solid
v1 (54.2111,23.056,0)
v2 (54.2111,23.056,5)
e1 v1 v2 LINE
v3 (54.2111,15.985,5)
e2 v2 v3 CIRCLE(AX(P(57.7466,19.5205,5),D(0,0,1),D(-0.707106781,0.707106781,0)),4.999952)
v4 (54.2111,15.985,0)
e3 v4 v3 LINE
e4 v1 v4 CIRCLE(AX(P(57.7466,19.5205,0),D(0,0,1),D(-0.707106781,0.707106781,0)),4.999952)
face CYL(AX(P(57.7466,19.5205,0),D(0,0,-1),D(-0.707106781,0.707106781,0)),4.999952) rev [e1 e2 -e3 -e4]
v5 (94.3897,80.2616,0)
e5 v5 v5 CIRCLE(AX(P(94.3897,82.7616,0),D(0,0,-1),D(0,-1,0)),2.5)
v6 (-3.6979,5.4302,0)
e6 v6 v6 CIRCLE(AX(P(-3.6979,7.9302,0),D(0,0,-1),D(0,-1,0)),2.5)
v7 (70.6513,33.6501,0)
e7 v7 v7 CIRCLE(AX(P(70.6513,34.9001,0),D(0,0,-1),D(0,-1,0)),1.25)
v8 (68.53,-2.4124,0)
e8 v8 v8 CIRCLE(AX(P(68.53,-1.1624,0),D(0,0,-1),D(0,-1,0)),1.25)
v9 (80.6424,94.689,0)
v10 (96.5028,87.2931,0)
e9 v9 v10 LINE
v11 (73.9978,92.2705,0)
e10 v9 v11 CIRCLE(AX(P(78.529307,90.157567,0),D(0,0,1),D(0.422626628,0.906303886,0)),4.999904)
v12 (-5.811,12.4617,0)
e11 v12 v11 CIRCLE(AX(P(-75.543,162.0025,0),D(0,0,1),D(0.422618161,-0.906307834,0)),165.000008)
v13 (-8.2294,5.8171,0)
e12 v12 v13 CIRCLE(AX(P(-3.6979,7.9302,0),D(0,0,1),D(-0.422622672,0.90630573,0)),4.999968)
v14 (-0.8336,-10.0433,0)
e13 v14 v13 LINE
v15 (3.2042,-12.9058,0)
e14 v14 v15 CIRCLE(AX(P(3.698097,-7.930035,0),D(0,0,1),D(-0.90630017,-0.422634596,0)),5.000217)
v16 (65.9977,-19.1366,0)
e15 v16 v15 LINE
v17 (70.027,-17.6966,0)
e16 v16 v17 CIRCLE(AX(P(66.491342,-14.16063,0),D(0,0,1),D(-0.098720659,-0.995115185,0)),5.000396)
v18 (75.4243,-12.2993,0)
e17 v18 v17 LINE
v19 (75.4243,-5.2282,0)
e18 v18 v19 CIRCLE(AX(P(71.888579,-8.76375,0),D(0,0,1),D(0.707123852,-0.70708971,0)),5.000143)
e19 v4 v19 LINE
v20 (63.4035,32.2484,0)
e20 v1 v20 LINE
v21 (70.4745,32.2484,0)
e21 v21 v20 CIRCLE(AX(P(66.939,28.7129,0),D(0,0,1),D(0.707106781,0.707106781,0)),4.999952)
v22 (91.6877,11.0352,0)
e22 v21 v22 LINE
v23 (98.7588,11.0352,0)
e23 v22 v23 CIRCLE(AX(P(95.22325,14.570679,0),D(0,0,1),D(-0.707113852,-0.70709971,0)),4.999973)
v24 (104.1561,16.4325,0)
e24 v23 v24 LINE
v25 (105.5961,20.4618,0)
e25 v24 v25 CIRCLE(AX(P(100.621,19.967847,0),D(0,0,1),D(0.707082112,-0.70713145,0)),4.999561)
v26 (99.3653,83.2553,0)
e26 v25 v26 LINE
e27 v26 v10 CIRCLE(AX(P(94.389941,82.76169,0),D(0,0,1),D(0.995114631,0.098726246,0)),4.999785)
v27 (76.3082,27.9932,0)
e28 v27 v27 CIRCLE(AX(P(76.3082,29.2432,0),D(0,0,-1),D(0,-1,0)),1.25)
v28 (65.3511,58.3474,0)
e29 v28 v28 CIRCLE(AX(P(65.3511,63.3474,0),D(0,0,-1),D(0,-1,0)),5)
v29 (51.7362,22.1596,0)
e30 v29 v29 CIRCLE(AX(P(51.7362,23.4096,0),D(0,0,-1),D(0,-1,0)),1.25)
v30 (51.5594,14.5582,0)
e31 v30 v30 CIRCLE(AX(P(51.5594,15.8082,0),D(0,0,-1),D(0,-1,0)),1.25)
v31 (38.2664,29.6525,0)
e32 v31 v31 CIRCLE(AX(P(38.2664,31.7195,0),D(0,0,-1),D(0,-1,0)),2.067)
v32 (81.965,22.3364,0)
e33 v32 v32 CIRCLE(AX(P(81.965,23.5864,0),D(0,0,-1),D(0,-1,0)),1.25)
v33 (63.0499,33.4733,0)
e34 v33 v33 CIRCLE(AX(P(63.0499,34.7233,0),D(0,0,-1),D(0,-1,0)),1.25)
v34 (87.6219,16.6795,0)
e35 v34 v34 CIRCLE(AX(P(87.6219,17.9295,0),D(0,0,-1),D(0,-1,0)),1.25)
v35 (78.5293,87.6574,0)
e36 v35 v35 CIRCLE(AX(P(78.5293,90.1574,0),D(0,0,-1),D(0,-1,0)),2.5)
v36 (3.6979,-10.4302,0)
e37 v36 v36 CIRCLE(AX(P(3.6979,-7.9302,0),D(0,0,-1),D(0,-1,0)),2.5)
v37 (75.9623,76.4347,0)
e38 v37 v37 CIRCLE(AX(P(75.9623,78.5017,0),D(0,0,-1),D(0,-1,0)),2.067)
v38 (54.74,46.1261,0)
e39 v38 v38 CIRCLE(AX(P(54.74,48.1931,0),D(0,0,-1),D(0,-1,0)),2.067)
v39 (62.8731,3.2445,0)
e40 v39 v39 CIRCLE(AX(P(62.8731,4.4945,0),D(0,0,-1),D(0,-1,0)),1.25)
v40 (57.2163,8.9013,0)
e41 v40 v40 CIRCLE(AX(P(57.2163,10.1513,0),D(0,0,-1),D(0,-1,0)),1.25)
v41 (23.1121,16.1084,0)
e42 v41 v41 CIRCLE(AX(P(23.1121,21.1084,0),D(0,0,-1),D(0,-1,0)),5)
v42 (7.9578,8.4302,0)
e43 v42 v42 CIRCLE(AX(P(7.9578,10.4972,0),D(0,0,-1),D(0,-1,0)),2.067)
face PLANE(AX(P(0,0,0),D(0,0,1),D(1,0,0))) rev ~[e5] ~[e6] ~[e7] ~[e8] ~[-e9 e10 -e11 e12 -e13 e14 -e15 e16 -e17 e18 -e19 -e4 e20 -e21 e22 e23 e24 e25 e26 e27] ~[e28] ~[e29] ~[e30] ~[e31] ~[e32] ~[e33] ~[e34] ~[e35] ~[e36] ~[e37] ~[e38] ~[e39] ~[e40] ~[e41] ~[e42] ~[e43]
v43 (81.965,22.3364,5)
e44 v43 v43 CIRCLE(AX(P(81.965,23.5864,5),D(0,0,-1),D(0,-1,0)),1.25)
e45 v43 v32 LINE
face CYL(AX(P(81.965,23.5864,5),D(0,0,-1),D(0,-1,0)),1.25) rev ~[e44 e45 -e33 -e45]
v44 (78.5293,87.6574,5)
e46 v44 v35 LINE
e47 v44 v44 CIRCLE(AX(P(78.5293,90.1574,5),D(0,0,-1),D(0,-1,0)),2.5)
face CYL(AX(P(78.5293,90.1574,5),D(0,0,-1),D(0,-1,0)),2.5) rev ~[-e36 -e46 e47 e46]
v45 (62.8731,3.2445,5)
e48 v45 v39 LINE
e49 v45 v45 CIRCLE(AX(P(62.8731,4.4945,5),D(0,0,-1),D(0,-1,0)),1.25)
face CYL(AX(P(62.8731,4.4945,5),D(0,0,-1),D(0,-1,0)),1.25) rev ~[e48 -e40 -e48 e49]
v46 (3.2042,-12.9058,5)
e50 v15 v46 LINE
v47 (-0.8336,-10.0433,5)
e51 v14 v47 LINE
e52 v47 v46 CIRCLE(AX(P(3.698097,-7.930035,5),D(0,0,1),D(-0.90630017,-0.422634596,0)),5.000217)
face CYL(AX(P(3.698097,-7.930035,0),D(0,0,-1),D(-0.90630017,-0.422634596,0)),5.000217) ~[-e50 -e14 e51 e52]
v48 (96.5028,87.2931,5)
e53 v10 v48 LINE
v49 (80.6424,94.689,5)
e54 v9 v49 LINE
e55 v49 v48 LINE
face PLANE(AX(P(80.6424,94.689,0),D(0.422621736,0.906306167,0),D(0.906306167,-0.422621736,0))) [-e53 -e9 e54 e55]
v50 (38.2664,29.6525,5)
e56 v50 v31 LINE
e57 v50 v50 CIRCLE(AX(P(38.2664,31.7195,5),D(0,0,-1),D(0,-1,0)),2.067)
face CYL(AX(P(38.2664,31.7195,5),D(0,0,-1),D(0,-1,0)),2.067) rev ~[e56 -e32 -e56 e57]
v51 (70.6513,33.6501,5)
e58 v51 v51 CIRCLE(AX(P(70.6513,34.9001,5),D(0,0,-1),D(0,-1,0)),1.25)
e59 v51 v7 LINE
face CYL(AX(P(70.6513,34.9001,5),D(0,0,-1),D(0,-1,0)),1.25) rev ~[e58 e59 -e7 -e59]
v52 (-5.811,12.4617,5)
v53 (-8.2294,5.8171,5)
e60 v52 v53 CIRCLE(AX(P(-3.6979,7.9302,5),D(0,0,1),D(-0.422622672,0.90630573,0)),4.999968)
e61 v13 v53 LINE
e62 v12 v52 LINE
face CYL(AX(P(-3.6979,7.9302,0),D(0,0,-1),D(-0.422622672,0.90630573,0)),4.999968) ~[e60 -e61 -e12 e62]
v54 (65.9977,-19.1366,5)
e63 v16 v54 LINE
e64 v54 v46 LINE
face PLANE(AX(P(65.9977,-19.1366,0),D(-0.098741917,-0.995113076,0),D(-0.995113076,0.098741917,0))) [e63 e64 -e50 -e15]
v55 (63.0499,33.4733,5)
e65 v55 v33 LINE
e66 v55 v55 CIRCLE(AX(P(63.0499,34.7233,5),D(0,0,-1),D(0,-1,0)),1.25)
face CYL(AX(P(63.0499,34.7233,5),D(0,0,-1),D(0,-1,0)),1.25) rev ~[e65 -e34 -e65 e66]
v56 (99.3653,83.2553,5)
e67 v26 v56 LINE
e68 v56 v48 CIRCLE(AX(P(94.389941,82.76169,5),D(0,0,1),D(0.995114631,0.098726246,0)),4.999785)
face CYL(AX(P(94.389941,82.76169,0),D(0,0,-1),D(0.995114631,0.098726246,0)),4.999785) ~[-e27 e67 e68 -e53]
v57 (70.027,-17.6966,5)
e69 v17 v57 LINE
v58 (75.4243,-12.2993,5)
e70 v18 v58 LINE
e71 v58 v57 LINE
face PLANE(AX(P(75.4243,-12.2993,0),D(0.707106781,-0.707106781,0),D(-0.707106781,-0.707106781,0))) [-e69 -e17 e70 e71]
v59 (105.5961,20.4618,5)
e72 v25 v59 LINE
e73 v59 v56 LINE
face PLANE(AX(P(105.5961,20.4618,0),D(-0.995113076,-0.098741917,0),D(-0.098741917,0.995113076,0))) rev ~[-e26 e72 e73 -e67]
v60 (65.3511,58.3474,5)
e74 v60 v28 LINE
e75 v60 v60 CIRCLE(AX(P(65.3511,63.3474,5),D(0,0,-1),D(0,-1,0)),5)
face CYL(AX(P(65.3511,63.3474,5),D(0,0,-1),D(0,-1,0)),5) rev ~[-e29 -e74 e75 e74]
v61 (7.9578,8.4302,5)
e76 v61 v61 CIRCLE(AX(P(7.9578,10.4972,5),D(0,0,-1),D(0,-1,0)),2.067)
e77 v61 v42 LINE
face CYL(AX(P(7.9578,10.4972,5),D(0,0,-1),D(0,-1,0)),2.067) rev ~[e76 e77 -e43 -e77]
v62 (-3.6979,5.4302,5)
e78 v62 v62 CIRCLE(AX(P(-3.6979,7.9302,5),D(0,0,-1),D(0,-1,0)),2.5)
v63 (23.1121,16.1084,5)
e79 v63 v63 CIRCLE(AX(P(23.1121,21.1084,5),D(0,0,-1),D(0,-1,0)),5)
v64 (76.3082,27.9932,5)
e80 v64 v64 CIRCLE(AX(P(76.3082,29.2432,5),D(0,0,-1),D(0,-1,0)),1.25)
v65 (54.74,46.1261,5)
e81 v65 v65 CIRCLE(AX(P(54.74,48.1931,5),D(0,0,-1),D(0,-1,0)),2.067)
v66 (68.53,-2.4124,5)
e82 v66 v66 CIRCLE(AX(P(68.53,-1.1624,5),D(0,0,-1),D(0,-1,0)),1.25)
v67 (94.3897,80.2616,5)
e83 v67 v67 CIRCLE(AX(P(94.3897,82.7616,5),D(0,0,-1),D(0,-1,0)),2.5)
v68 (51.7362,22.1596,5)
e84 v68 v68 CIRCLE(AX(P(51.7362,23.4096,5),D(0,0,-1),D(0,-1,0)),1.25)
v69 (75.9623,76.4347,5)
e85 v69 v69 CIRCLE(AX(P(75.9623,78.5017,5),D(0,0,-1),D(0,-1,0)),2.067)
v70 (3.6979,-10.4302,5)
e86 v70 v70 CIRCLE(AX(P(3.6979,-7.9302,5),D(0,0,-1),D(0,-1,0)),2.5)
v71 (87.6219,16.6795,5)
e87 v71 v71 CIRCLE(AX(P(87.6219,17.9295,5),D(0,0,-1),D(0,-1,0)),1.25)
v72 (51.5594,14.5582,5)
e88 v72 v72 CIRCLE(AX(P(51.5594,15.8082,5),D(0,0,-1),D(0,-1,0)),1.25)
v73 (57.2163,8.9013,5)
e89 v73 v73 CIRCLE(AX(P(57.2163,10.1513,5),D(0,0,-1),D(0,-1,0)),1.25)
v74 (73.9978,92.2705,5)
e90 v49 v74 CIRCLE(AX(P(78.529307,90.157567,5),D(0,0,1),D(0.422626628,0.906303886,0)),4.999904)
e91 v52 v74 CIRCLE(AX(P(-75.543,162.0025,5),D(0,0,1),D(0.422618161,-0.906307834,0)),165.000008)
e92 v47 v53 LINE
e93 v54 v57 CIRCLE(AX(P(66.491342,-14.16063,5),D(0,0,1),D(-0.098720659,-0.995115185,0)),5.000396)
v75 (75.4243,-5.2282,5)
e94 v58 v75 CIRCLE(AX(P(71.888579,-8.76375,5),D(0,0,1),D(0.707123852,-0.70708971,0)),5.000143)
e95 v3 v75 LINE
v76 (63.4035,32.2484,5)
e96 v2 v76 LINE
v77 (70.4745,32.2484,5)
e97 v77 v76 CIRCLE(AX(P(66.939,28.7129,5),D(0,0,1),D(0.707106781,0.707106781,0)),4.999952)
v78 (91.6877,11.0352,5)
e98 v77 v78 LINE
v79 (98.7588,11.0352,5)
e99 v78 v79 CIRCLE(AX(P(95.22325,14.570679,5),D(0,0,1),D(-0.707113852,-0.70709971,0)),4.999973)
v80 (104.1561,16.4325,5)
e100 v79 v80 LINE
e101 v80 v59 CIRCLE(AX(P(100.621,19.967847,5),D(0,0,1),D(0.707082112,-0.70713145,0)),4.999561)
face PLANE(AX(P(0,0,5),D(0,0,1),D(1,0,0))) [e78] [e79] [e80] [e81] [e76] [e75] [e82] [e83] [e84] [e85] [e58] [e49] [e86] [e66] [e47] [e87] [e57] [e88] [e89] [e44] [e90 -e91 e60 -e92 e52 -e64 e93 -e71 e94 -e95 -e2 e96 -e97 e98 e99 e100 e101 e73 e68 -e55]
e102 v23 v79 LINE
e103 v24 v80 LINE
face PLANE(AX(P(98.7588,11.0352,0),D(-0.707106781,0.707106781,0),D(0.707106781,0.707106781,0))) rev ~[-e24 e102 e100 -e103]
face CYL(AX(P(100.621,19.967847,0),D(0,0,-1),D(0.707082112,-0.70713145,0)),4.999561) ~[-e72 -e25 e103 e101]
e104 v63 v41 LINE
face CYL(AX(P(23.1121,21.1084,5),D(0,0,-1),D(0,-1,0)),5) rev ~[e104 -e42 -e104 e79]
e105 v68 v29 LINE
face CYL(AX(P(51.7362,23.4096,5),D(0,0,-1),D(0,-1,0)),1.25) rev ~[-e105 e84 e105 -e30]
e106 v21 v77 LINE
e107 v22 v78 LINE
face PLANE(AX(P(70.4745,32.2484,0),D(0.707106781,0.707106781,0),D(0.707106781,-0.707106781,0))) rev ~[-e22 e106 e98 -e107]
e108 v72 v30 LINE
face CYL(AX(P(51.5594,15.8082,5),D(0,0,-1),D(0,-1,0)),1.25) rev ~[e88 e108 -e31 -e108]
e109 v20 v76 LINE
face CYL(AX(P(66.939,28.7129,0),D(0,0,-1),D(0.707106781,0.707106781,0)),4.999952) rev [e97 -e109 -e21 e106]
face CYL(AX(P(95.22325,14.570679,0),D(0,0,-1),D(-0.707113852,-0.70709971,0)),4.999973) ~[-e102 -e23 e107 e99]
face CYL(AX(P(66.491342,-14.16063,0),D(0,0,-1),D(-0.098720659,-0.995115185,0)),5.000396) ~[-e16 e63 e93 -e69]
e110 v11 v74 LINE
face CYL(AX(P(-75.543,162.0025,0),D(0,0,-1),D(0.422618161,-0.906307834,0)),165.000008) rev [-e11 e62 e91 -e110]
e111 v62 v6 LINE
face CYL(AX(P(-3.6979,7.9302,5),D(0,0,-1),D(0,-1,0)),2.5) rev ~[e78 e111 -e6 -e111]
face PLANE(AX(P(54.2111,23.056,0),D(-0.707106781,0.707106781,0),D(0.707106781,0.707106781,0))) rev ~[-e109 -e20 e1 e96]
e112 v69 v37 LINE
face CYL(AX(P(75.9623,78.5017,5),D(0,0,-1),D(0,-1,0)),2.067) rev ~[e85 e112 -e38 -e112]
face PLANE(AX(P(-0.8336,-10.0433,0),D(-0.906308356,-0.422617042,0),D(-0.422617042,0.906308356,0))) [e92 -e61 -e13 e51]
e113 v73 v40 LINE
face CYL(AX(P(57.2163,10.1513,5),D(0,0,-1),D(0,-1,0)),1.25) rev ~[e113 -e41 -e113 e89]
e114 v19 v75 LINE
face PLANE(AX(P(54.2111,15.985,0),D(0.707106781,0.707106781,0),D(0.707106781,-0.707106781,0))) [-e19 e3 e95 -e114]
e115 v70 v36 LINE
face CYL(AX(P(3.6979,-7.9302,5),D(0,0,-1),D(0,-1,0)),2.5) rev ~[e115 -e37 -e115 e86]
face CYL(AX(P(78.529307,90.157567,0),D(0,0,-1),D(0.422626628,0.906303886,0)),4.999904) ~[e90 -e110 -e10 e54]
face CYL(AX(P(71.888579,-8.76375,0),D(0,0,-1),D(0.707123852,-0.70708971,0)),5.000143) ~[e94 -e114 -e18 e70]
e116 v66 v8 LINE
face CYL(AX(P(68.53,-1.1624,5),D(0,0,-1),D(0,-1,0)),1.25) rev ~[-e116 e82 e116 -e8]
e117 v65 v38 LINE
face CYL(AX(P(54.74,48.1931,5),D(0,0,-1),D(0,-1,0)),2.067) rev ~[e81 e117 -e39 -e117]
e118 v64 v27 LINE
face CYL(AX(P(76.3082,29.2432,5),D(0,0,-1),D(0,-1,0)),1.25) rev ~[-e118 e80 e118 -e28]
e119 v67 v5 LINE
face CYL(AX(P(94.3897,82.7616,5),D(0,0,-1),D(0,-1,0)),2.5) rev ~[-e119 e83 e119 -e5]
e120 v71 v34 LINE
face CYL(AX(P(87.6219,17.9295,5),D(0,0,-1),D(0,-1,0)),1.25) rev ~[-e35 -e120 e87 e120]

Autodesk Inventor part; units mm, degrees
ref_plane "YZ Plane" through (0, 0, 0) normal (1, 0, 0) x (0, 1, 0)
ref_plane "XZ Plane" through (0, 0, 0) normal (0, 1, 0) x (-1, 0, 0)
ref_plane "XY Plane" through (0, 0, 0) normal (0, 0, 1) x (1, 0, 0)
sketch "Sketch1" plane through (0, 0, 0) normal (0, 0, 1) x (1, 0, 0)
  circle A0 centre (-3.6979, 7.9302) radius 2.5 construction
  circle A1 centre (3.6979, -7.9302) radius 2.5 construction
  line L0 (-8.2294, 5.8171) -> (-0.8336, -10.0433) construction
  arc A2 (-0.8336, -10.0433) -> (8.2294, -5.8171) centre (3.6979, -7.9302) ccw construction
  line L1 (8.2294, -5.8171) -> (0.8336, 10.0433) construction
  arc A3 (0.8336, 10.0433) -> (-8.2294, 5.8171) centre (-3.6979, 7.9302) ccw construction
  circle A4 centre (78.5293, 90.1574) radius 2.5 construction
  circle A5 centre (94.3897, 82.7616) radius 2.5 construction
  line L2 (76.4162, 85.6259) -> (92.2766, 78.2301) construction
  arc A6 (92.2766, 78.2301) -> (96.5028, 87.2931) centre (94.3897, 82.7616) ccw construction
  line L3 (96.5028, 87.2931) -> (80.6424, 94.689) construction
  arc A7 (80.6424, 94.689) -> (76.4162, 85.6259) centre (78.5293, 90.1574) ccw construction
  circle A8 centre (-75.543, 162.0025) radius 75 construction
  line L4 (112.457, 50.5739) -> (112.457, -27.9975) construction
  line L5 (107.457, -32.9975) -> (39.927, -32.9975) construction
  line L6 (-75.543, 162.0025) -> (58.8073, 27.6522) construction
  line L7 (54.2111, 23.056) -> (63.4035, 32.2484)
  line L8 (70.4745, 32.2484) -> (91.6877, 11.0352)
  line L9 (54.2111, 15.985) -> (75.4243, -5.2282)
  line L10 (75.4243, -12.2993) -> (70.027, -17.6966)
  line L11 (98.7588, 11.0352) -> (104.1561, 16.4325)
  line L12 (-0.8336, -10.0433) -> (-8.2294, 5.8171)
  line L13 (80.6424, 94.689) -> (96.5028, 87.2931)
  arc A9 (-5.811, 12.4617) -> (73.9978, 92.2705) centre (-75.543, 162.0025) ccw
  line L14 (-3.6979, 7.9302) -> (3.6979, -7.9302) construction
  line L15 (78.5293, 90.1574) -> (94.3897, 82.7616) construction
  line L16 (65.9977, -19.1366) -> (3.2042, -12.9058)
  line L17 (105.5961, 20.4618) -> (99.3653, 83.2553)
  arc A10 (75.4243, -12.2993) -> (75.4243, -5.2282) centre (71.8887, -8.7638) ccw
  arc A11 (54.2111, 23.056) -> (54.2111, 15.985) centre (57.7466, 19.5205) ccw
  arc A12 (70.4745, 32.2484) -> (63.4035, 32.2484) centre (66.939, 28.7129) ccw
  arc A13 (91.6877, 11.0352) -> (98.7588, 11.0352) centre (95.2233, 14.5708) ccw
  arc A14 (104.1561, 16.4325) -> (105.5961, 20.4618) centre (100.6206, 19.9681) ccw
  arc A15 (99.3653, 83.2553) -> (96.5028, 87.2931) centre (94.3897, 82.7616) ccw
  arc A16 (80.6424, 94.689) -> (73.9978, 92.2705) centre (78.5293, 90.1574) ccw
  arc A17 (-5.811, 12.4617) -> (-8.2294, 5.8171) centre (-3.6979, 7.9302) ccw
  arc A18 (-0.8336, -10.0433) -> (3.2042, -12.9058) centre (3.6979, -7.9302) ccw
  arc A19 (65.9977, -19.1366) -> (70.027, -17.6966) centre (66.4914, -14.1611) ccw
  point P0 (0, 0)
  point P1 (79.4008, -9.1758)
  point P2 (50.6755, 19.5205)
  point P3 (66.939, 35.784)
  point P4 (95.2233, 7.4997)
  point P5 (78.9598, -8.7638)
  point P6 (68.3532, -19.3704)
  point P7 (105.8299, 18.1063)
  point P8 (0.37, -12.6245)
  point P9 (76.0422, 96.8341)
  point P10 (99.084, 86.0895)
  point P11 (-10.3746, 10.4173)
  point P12 (-4.5315, -2.1131)
  point P13 (88.5726, 90.991)
  dimension "d56" = 190
  dimension "d64" = 23
  dimension "d65" = 40
  dimension "d67" = 165
  dimension "d68" = 15
  dimension "d69" = 15
  dimension "d70" = 20
  dimension "d73" = 5
extrude "Extrusion1" add sketch "Sketch1" along normal blind 5
sketch "Sketch2" plane through (0, 0, 5) normal (0, 0, 1) x (1, 0, 0)
  circle A0 centre (3.6979, -7.9302) radius 2.067 projected
  circle A1 centre (-3.6979, 7.9302) radius 2.067 projected
  circle A2 centre (94.3897, 82.7616) radius 2.067 projected
  circle A3 centre (78.5293, 90.1574) radius 2.067 projected
  point P0 (0, 0)
hole "Hole1" at (78.5293, 90.1574, 5) at (94.3897, 82.7616, 5) at (-3.6979, 7.9302, 5) at (3.6979, -7.9302, 5) direction (0, 0, -1) diameter 5 end through all
sketch "Sketch4" plane through (0, 0, 5) normal (0, 0, 1) x (1, 0, 0)
  circle A0 centre (-3.6979, 7.9302) radius 2.5 projected
  circle A1 centre (78.5293, 90.1574) radius 2.5 projected
  circle A2 centre (94.3897, 82.7616) radius 2.5 projected
  circle A3 centre (3.6979, -7.9302) radius 2.5 projected
  line L0 (-75.543, 162.0025) -> (23.1121, 21.1084) construction
  line L1 (-75.543, 162.0025) -> (-3.6979, 7.9302) construction
  line L2 (78.5293, 90.1574) -> (-75.543, 162.0025) construction
  line L3 (-75.543, 162.0025) -> (65.3511, 63.3474) construction
  circle A4 centre (-75.543, 162.0025) radius 75 projected
  point P0 (0, 0)
  dimension "d27" = 10
  dimension "d28" = 10
  dimension "d71" = 172
  dimension "d72" = 172
hole "Hole2" at (23.1121, 21.1084, 5) at (65.3511, 63.3474, 5) direction (0, 0, -1) diameter 10 end through all
sketch "Sketch6" plane through (0, 0, 5) normal (0, 0, 1) x (1, 0, 0)
  line L0 (23.1121, 21.1084) -> (7.9578, 10.4972) construction
  line L1 (23.1121, 21.1084) -> (38.2664, 31.7195) construction
  line L2 (23.1121, 21.1084) -> (19.0971, 26.8424) construction
  line L3 (65.3511, 63.3474) -> (54.74, 48.1931) construction
  line L4 (65.3511, 63.3474) -> (75.9623, 78.5017) construction
  line L5 (65.3511, 63.3474) -> (59.6171, 67.3624) construction
  arc A0 (-5.811, 12.4617) -> (73.9978, 92.2705) centre (-75.543, 162.0025) ccw projected
  point P0 (0, 0)
  point P1 (76.0422, 96.8341)
  point P2 (-10.3746, 10.4173)
  dimension "d29" = 18.5
  dimension "d30" = 18.5
  dimension "d38" = 18.5
  dimension "d39" = 18.5
hole "Hole3" at (7.9578, 10.4972, 5) at (38.2664, 31.7195, 5) at (54.74, 48.1931, 5) at (75.9623, 78.5017, 5) direction (0, 0, -1) diameter 4.134 end through all thread size "M5x0.8" class "6H" standard "ANSI Metric M Profile"
sketch "Sketch7" plane through (0, 0, 5) normal (0, 0, 1) x (1, 0, 0)
  arc A0 (50.3958, 16.2647) -> (52.016, 14.6445) centre (51.5594, 15.8082) ccw projected
  arc A1 (56.0526, 10.6079) -> (57.6728, 8.9877) centre (57.2163, 10.1513) ccw projected
  arc A2 (61.7095, 4.951) -> (63.3297, 3.3308) centre (62.8731, 4.4945) ccw projected
  arc A3 (67.3663, -0.7058) -> (68.9865, -2.326) centre (68.53, -1.1624) ccw projected
  arc A4 (71.815, 34.4435) -> (70.1948, 36.0637) centre (70.6513, 34.9001) ccw projected
  arc A5 (77.4718, 28.7867) -> (75.8516, 30.4069) centre (76.3082, 29.2432) ccw projected
  arc A6 (83.1287, 23.1298) -> (81.5085, 24.75) centre (81.965, 23.5864) ccw projected
  arc A7 (88.7855, 17.473) -> (87.1653, 19.0932) centre (87.6219, 17.9295) ccw projected
  arc A8 (63.5065, 35.8869) -> (61.8863, 34.2668) centre (63.0499, 34.7233) ccw projected
  arc A9 (52.1927, 24.5732) -> (50.5726, 22.953) centre (51.7362, 23.4096) ccw projected
  point P0 (0, 0)
hole "Hole4" at (51.7362, 23.4096, 5) at (63.0499, 34.7233, 5) at (51.5594, 15.8082, 5) at (57.2163, 10.1513, 5) at (62.8731, 4.4945, 5) at (70.6513, 34.9001, 5) at (76.3082, 29.2432, 5) at (81.965, 23.5864, 5) at (68.53, -1.1624, 5) at (87.6219, 17.9295, 5) direction (0, 0, -1) diameter 2.5 end through all
properties part number "motorplate"
